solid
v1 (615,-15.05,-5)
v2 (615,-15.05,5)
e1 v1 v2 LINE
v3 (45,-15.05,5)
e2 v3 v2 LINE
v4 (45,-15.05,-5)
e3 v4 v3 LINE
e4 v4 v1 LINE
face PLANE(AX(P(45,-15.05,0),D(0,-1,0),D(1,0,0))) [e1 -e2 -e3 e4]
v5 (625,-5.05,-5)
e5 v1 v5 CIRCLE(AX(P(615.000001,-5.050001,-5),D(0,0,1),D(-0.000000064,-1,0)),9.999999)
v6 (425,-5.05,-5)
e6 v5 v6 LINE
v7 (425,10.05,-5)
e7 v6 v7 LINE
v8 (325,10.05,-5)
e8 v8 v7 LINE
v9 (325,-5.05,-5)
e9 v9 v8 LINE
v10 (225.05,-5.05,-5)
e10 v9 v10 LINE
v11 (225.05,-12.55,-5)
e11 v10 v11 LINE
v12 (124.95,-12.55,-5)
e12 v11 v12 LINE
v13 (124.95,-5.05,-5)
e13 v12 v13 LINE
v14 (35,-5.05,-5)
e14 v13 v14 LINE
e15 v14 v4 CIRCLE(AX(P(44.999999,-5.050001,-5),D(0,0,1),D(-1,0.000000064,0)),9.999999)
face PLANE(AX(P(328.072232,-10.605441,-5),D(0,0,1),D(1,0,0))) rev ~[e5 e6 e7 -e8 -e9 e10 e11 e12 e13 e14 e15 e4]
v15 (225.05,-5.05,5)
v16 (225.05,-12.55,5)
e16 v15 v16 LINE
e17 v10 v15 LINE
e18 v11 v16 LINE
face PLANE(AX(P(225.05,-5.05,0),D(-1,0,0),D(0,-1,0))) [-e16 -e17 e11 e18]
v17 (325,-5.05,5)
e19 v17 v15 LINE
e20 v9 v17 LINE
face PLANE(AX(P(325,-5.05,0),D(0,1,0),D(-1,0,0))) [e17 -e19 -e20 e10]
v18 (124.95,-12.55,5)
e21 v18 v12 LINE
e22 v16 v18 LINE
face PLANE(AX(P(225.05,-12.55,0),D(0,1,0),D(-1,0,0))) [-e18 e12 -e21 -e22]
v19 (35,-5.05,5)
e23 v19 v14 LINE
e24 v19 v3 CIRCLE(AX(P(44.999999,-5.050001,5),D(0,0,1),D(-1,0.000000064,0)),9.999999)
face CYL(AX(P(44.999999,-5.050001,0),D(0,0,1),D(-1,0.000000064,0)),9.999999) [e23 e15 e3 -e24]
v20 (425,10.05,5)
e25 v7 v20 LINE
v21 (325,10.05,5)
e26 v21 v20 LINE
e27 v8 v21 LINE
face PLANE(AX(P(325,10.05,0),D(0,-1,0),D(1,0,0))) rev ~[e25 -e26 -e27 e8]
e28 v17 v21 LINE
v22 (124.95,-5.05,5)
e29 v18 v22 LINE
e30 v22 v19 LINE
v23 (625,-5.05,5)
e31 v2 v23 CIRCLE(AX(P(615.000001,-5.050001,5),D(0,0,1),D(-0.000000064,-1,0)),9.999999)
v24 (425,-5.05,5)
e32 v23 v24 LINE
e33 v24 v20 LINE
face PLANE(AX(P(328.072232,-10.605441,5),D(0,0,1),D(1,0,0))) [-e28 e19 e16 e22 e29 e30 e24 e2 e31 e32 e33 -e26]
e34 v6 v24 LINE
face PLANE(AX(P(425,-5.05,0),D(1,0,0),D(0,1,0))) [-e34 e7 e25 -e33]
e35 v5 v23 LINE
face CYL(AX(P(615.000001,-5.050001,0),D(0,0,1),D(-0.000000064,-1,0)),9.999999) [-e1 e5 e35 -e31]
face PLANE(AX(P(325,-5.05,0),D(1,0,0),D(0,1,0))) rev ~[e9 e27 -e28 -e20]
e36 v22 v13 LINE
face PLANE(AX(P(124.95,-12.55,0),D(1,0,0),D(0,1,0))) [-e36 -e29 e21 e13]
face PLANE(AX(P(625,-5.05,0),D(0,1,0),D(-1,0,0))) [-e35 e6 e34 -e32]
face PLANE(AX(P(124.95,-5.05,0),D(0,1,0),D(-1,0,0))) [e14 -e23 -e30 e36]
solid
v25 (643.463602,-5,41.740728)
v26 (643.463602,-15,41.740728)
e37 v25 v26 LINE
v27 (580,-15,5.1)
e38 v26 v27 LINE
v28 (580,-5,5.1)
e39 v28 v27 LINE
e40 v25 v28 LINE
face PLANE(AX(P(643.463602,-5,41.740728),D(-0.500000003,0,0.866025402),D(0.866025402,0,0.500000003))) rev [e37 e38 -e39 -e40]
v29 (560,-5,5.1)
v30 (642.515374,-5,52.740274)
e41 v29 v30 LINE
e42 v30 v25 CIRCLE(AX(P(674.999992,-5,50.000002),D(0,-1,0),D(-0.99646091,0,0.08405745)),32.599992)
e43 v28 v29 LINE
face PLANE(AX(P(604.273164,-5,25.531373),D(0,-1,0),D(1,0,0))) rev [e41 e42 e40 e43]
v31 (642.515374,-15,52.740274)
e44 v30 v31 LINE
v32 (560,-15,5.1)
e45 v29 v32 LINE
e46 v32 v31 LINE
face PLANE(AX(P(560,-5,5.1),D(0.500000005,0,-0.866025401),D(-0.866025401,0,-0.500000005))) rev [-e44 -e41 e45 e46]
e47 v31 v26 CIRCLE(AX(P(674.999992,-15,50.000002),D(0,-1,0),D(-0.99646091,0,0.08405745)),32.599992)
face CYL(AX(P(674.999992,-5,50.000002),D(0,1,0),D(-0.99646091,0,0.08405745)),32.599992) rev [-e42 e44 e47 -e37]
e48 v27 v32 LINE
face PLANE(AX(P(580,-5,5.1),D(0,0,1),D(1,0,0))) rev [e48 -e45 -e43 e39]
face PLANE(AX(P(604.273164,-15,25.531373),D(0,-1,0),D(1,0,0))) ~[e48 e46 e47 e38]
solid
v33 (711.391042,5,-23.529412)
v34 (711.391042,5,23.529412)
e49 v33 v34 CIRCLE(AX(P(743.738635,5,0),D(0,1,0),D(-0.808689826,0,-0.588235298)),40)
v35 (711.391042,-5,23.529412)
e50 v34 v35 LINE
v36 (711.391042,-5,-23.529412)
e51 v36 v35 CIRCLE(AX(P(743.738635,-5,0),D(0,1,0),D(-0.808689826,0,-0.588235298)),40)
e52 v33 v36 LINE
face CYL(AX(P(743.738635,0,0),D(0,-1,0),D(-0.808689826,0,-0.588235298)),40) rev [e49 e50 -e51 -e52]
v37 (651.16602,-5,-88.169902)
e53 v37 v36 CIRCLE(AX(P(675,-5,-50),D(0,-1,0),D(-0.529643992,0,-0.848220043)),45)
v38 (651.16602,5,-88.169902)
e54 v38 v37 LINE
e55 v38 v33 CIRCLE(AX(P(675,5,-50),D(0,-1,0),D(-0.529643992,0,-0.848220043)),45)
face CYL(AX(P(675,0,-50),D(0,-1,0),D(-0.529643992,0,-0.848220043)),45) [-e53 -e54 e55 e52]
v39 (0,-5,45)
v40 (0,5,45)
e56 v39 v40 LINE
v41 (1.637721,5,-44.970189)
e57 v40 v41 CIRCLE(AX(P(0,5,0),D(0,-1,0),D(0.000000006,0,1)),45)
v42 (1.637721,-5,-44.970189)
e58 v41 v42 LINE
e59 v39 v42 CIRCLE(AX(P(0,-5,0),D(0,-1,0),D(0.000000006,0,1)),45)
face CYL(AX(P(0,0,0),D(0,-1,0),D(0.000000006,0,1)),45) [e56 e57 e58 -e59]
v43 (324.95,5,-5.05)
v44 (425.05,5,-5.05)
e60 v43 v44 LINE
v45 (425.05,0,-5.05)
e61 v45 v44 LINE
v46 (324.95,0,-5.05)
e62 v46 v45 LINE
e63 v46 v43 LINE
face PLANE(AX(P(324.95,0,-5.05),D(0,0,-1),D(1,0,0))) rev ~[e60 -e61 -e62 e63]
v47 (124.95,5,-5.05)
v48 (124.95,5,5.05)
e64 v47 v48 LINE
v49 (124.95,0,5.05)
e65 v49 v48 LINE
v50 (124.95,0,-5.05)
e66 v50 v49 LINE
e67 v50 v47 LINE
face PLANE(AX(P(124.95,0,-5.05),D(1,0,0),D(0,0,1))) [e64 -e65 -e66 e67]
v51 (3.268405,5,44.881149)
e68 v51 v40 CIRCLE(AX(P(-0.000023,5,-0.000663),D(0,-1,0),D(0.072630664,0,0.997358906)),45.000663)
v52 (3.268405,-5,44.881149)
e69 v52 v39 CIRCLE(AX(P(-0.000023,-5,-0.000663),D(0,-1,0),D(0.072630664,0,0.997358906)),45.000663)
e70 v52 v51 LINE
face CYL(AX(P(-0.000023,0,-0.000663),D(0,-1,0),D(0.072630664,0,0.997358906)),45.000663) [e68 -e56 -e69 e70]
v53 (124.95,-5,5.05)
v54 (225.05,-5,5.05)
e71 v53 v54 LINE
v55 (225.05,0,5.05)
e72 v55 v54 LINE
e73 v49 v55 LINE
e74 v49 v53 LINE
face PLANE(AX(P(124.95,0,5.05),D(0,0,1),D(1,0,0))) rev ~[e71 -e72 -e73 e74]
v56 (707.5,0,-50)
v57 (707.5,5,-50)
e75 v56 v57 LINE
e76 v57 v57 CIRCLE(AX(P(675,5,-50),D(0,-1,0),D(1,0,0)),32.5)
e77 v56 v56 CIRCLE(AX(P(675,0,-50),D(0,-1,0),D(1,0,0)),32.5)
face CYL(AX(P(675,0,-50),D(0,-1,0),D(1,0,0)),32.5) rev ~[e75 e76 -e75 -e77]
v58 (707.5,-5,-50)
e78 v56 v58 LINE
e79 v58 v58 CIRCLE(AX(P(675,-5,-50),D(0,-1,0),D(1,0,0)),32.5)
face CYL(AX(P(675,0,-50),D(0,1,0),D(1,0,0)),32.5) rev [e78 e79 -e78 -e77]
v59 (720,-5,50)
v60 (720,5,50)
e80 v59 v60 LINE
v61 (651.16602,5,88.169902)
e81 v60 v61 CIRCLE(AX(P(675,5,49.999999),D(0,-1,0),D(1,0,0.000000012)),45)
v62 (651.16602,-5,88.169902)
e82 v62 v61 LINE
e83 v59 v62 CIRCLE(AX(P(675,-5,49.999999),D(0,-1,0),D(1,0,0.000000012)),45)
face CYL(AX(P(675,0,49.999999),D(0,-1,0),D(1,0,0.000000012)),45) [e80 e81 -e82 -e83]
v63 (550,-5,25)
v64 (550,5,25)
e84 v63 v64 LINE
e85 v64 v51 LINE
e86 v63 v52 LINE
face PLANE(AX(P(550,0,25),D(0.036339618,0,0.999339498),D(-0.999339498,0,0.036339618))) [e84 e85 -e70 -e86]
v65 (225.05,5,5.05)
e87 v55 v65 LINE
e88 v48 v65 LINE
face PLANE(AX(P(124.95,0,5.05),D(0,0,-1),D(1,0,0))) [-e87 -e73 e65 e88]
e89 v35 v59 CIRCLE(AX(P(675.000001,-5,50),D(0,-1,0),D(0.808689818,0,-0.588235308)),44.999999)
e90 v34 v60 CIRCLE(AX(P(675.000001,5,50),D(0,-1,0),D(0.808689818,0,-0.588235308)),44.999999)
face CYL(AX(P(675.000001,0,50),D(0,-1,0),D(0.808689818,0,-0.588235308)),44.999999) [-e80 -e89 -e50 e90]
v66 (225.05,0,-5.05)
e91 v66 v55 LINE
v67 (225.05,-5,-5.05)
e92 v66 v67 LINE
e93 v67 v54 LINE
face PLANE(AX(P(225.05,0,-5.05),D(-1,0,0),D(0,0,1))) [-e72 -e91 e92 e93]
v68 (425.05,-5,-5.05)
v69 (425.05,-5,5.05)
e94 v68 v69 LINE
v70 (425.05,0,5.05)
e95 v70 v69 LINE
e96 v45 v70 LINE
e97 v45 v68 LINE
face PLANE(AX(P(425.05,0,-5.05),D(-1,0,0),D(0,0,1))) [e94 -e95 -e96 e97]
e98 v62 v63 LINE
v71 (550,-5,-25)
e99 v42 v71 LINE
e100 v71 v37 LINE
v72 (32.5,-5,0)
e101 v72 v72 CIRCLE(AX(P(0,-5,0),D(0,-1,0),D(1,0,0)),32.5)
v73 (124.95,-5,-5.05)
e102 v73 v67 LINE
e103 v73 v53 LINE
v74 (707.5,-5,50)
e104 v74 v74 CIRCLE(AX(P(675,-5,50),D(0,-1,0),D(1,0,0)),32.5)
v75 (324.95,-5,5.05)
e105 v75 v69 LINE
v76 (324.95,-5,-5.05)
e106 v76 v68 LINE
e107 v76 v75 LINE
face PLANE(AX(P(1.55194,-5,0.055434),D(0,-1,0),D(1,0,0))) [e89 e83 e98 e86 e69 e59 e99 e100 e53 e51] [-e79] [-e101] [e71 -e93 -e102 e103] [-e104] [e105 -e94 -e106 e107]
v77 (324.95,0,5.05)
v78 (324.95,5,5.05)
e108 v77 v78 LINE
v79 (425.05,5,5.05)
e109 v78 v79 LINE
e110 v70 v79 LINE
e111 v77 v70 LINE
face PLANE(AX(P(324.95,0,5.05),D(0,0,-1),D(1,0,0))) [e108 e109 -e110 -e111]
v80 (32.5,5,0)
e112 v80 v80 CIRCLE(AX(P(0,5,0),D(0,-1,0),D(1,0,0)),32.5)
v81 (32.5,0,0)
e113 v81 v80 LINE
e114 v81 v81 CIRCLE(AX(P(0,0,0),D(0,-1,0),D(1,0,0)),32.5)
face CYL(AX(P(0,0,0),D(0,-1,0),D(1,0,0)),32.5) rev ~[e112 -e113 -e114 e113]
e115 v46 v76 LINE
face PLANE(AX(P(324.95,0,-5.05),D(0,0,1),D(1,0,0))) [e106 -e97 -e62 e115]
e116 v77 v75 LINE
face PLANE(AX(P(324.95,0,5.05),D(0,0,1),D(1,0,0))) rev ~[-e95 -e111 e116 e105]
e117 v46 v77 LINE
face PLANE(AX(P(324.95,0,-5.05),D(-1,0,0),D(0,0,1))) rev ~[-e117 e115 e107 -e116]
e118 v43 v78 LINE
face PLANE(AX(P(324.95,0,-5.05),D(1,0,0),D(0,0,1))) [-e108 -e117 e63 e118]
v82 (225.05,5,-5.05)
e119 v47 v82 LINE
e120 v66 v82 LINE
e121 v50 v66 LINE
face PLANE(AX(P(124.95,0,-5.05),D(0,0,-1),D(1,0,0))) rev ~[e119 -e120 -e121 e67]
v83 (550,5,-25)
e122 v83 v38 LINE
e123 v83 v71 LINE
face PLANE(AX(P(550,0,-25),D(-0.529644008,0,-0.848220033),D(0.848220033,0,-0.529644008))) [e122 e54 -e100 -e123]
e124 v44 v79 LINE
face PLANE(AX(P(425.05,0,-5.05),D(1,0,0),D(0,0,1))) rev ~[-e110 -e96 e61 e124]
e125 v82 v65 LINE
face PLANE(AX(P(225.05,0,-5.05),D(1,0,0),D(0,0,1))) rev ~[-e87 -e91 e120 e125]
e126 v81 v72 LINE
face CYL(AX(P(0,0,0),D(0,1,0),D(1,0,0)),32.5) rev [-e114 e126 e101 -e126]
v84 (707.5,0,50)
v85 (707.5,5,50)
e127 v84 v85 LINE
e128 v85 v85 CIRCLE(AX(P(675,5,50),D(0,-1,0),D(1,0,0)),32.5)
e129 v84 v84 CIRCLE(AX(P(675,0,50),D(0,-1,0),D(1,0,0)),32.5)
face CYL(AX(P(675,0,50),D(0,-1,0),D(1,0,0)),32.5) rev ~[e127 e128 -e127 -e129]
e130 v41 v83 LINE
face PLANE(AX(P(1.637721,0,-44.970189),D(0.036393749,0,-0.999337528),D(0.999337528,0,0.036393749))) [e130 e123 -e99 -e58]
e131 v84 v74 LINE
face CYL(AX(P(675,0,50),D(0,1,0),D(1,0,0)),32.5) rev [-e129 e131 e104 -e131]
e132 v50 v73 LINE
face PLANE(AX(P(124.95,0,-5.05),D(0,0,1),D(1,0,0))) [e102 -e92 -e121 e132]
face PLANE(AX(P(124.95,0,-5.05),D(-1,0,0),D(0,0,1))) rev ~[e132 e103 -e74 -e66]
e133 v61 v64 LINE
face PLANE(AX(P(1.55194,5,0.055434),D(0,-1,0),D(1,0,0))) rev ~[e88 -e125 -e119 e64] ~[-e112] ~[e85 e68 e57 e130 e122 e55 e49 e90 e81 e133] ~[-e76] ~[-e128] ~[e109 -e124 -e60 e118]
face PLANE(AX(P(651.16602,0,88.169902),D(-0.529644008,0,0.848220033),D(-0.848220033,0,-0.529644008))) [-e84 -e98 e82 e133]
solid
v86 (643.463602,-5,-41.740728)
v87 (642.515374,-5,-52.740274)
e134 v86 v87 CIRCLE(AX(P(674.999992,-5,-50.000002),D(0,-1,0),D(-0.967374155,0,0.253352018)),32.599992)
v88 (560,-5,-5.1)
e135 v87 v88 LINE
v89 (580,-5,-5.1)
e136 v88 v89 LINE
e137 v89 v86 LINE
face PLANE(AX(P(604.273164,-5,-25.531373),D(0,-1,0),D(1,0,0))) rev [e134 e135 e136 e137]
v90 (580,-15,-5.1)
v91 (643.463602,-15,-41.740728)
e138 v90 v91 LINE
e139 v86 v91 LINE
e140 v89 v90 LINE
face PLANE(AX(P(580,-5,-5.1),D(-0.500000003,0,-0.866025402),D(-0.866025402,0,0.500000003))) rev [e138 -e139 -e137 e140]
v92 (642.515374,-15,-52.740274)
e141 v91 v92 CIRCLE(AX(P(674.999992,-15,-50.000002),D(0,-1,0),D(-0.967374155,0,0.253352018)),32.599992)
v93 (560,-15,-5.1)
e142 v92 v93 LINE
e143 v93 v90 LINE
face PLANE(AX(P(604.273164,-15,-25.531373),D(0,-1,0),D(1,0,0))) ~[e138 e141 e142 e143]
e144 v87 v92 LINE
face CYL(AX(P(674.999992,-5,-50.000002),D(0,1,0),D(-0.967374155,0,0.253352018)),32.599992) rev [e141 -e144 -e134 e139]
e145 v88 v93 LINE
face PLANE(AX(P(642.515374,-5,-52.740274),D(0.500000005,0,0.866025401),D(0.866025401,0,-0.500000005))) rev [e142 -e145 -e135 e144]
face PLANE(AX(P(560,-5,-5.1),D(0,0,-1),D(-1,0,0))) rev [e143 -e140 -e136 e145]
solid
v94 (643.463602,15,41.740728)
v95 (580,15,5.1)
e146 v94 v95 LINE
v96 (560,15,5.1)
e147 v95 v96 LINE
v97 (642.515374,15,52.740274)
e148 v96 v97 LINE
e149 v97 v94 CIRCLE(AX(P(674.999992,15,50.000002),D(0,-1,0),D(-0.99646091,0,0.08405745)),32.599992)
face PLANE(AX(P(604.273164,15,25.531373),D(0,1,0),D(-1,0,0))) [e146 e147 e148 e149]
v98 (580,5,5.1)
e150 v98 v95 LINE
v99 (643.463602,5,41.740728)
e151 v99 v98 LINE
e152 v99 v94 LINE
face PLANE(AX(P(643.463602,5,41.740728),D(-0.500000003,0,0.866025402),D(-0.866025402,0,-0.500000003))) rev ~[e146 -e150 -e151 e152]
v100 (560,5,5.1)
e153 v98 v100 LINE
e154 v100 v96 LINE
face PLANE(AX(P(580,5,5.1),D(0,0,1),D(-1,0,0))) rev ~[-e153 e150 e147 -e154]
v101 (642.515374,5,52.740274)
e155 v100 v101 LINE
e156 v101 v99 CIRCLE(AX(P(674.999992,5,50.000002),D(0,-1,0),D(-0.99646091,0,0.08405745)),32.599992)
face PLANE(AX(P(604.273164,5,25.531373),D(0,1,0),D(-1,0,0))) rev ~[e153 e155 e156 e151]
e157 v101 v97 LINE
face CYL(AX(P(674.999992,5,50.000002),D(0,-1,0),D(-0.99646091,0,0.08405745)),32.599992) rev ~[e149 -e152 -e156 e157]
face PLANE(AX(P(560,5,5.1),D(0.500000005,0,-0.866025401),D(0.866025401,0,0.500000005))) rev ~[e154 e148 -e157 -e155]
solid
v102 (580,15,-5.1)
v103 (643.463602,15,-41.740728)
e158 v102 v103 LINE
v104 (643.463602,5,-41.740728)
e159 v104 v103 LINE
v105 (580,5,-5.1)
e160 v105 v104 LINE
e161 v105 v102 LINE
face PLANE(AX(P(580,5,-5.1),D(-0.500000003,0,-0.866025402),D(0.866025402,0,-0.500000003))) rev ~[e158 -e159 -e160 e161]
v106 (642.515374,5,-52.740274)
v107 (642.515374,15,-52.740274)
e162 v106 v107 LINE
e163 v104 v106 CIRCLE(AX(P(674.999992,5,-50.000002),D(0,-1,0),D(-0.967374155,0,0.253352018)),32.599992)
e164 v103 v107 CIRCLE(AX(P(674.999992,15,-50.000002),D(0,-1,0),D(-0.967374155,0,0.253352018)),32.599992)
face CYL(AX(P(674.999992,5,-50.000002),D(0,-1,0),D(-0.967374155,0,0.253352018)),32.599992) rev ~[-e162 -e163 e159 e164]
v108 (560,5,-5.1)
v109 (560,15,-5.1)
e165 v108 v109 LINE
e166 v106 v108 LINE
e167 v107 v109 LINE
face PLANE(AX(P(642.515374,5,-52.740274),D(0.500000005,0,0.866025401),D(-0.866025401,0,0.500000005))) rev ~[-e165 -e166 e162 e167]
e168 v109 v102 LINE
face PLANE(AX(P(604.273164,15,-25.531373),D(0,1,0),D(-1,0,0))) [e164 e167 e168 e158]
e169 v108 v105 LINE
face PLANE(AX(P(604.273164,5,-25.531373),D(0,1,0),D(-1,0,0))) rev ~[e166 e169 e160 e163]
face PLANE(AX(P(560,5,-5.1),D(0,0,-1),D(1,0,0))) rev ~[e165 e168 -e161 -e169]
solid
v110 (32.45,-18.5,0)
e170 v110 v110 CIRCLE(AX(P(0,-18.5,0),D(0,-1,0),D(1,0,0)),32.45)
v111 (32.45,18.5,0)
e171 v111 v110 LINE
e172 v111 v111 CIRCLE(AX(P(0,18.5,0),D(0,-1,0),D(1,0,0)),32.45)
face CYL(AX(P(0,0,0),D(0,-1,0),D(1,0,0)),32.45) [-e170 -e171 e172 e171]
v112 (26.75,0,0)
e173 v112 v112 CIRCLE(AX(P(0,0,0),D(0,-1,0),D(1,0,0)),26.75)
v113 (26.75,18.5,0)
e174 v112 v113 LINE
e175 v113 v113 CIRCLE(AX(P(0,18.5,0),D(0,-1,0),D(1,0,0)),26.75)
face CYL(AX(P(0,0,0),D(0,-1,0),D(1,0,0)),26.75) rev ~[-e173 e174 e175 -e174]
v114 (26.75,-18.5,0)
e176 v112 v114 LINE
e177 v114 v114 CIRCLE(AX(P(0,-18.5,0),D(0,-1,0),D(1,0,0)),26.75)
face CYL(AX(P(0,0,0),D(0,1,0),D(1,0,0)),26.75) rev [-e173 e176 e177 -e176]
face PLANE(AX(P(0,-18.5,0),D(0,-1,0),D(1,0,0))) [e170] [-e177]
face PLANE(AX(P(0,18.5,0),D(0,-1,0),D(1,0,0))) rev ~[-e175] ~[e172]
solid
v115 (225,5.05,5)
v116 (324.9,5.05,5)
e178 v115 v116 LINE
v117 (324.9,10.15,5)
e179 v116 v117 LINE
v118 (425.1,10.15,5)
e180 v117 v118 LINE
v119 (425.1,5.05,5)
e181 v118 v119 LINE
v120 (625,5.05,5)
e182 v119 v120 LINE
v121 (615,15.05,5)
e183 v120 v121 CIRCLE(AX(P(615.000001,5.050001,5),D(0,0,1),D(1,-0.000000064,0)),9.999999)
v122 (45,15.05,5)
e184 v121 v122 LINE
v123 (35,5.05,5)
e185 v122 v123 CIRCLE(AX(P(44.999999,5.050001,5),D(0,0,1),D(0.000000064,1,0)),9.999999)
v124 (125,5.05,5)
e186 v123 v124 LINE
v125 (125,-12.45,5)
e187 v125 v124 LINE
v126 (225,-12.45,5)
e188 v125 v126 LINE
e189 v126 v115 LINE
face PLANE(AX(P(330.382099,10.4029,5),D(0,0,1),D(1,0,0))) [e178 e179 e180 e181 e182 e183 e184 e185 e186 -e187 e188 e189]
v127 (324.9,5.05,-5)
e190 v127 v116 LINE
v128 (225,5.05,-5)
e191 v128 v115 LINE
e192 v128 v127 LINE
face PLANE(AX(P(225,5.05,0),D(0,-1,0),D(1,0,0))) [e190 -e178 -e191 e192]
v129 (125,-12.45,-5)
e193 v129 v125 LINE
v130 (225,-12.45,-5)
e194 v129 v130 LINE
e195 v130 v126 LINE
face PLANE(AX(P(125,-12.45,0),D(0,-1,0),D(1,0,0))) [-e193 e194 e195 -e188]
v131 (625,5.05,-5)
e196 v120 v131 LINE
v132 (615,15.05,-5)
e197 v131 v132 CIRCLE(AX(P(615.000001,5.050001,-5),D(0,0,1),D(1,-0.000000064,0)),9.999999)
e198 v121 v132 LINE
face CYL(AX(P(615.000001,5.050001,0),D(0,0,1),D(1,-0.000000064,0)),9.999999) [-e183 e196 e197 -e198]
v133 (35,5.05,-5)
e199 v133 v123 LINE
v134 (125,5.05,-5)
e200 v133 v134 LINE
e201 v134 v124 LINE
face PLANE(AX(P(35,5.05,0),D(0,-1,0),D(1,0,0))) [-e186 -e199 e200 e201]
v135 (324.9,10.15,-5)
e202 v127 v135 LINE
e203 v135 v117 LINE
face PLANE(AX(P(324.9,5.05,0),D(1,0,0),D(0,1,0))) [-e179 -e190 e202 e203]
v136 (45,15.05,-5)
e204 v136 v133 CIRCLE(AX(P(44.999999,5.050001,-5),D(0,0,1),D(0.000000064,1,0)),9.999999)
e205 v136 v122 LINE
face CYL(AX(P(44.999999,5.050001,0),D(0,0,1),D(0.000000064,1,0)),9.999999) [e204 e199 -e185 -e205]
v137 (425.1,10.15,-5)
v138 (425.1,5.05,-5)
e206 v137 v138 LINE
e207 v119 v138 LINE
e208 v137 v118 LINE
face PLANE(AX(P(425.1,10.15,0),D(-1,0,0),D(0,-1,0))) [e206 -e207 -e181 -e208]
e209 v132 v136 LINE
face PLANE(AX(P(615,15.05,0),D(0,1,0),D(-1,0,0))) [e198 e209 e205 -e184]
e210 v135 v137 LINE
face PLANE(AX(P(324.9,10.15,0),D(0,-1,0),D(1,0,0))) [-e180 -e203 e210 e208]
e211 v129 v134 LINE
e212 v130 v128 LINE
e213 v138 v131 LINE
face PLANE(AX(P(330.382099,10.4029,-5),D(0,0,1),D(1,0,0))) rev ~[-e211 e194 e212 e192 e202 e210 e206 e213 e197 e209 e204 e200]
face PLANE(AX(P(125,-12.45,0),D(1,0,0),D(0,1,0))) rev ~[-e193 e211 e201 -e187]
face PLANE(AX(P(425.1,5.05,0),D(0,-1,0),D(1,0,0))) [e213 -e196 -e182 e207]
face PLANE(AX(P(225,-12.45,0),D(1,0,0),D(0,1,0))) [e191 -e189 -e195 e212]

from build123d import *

# Parameters (mm, degrees)
F0_R          = 32.5
F0_W          = 100.1
F0_H          = 10.1
F1_DEPTH      = 5
F1_DEPTH_BACK = 5
F2_W          = 100
F2_H          = 17.5
F2_H_2        = 15.1
F3_DEPTH      = 5
F3_DEPTH_BACK = 5
F5_DEPTH      = 10
F7_R          = 32.45
F7_R_2        = 26.75
F8_DEPTH      = 18.5
F8_DEPTH_BACK = 18.5


with BuildPart() as f1:
    # F0 (on Front) → F1 (new body, two sides)
    with BuildSketch(Plane.XZ) as f1_sk:
        with BuildLine():
            ThreePointArc((1.637721, -44.970189), (32.393652, -31.235417), (45, 0))
            ThreePointArc((45, 0), (32.955108, 30.642469), (3.268405, 44.881149))
            Line((3.268405, 44.881149), (0, 45))
            ThreePointArc((0, 45), (-44.992547, -0.818996), (1.637721, -44.970189))
        make_face()
        Circle(F0_R, mode=Mode.SUBTRACT)
        with BuildLine():
            ThreePointArc((3.268405, 44.881149), (32.955108, 30.642469), (45, 0))
            ThreePointArc((45, 0), (32.393652, -31.235417), (1.637721, -44.970189))
            Line((1.637721, -44.970189), (550, -25))
            Line((550, -25), (651.16602, -88.169902))
            ThreePointArc((651.16602, -88.169902), (707.924431, -80.675427), (711.391042, -23.529412))
            ThreePointArc((711.391042, -23.529412), (703.738635, 0), (711.391042, 23.529412))
            ThreePointArc((711.391042, 23.529412), (642.075569, 19.324573), (651.16602, 88.169902))
            Line((651.16602, 88.169902), (550, 25))
            Line((550, 25), (3.268405, 44.881149))
        make_face()
        with Locations((175, 0)):
            Rectangle(F0_W, F0_H, mode=Mode.SUBTRACT)
        with Locations((675, -50)):
            Circle(F0_R, mode=Mode.SUBTRACT)
        with Locations((375, 0)):
            Rectangle(F0_W, F0_H, mode=Mode.SUBTRACT)
        with BuildLine():
            Line((0, 45), (3.268405, 44.881149))
            ThreePointArc((3.268405, 44.881149), (1.635283, 44.970277), (0, 45))
        make_face()
        with BuildLine():
            ThreePointArc((720, 50), (696.822819, 89.354346), (651.16602, 88.169902))
            ThreePointArc((651.16602, 88.169902), (642.075569, 19.324573), (711.391042, 23.529412))
            ThreePointArc((711.391042, 23.529412), (717.793673, 36.08233), (720, 50))
        make_face()
        with Locations((675, 50)):
            Circle(F0_R, mode=Mode.SUBTRACT)
    extrude(amount=F1_DEPTH)
    extrude(f1_sk.sketch, amount=-F1_DEPTH_BACK)


with BuildPart() as f3:
    # F2 (on Top) → F3 (new body, two sides)
    with BuildSketch(Plane.XY) as f3_sk:
        with BuildLine():
            Line((615, 15.05), (45, 15.05))
            ThreePointArc((45, 15.05), (37.928932, 12.121068), (35, 5.05))
            Line((35, 5.05), (125, 5.05))
            Line((125, 5.05), (225, 5.05))
            Line((225, 5.05), (324.9, 5.05))
            Line((324.9, 5.05), (324.9, 10.15))
            Line((324.9, 10.15), (425.1, 10.15))
            Line((425.1, 10.15), (425.1, 5.05))
            Line((425.1, 5.05), (625, 5.05))
            ThreePointArc((625, 5.05), (622.071068, 12.121068), (615, 15.05))
        make_face()
        with Locations((175, -3.7)):
            Rectangle(F2_W, F2_H)
        with BuildLine():
            ThreePointArc((35, -5.05), (37.928932, -12.121068), (45, -15.05))
            Line((45, -15.05), (615, -15.05))
            ThreePointArc((615, -15.05), (622.071068, -12.121068), (625, -5.05))
            Line((625, -5.05), (425, -5.05))
            Line((425, -5.05), (325, -5.05))
            Line((325, -5.05), (225.05, -5.05))
            Line((225.05, -5.05), (225.05, -12.55))
            Line((225.05, -12.55), (124.95, -12.55))
            Line((124.95, -12.55), (124.95, -5.05))
            Line((124.95, -5.05), (35, -5.05))
        make_face()
        with Locations((375, 2.5)):
            Rectangle(F2_W, F2_H_2)
    extrude(amount=F3_DEPTH)
    extrude(f3_sk.sketch, amount=-F3_DEPTH_BACK)


with BuildPart() as f5:
    # F4 (on face) → F5 (new body)
    with BuildSketch(Plane(origin=(0, 5, 0), x_dir=(-1, 0, 0), z_dir=(0, 1, 0))):
        with BuildLine():
            Line((-580, -5.1), (-643.463602, -41.740728))
            ThreePointArc((-643.463602, -41.740728), (-642.520462, -47.200068), (-642.515374, -52.740274))
            Line((-642.515374, -52.740274), (-560, -5.1))
            Line((-560, -5.1), (-580, -5.1))
        make_face()
        with BuildLine():
            Line((-643.463602, 41.740728), (-580, 5.1))
            Line((-580, 5.1), (-560, 5.1))
            Line((-560, 5.1), (-642.515374, 52.740274))
            ThreePointArc((-642.515374, 52.740274), (-642.520462, 47.200068), (-643.463602, 41.740728))
        make_face()
    extrude(amount=F5_DEPTH)


with BuildPart() as f6_1:
    # F6: instance of F5
    add(f5.part.mirror(Plane.XZ))


with BuildPart() as f8:
    # F7 (on Front) → F8 (new body, two sides)
    with BuildSketch(Plane.XZ) as f8_sk:
        Circle(F7_R)
        Circle(F7_R_2, mode=Mode.SUBTRACT)
    extrude(amount=F8_DEPTH)
    extrude(f8_sk.sketch, amount=-F8_DEPTH_BACK)


solid = Compound([f1.part, f3.part, f5.part, f6_1.part, f8.part])
